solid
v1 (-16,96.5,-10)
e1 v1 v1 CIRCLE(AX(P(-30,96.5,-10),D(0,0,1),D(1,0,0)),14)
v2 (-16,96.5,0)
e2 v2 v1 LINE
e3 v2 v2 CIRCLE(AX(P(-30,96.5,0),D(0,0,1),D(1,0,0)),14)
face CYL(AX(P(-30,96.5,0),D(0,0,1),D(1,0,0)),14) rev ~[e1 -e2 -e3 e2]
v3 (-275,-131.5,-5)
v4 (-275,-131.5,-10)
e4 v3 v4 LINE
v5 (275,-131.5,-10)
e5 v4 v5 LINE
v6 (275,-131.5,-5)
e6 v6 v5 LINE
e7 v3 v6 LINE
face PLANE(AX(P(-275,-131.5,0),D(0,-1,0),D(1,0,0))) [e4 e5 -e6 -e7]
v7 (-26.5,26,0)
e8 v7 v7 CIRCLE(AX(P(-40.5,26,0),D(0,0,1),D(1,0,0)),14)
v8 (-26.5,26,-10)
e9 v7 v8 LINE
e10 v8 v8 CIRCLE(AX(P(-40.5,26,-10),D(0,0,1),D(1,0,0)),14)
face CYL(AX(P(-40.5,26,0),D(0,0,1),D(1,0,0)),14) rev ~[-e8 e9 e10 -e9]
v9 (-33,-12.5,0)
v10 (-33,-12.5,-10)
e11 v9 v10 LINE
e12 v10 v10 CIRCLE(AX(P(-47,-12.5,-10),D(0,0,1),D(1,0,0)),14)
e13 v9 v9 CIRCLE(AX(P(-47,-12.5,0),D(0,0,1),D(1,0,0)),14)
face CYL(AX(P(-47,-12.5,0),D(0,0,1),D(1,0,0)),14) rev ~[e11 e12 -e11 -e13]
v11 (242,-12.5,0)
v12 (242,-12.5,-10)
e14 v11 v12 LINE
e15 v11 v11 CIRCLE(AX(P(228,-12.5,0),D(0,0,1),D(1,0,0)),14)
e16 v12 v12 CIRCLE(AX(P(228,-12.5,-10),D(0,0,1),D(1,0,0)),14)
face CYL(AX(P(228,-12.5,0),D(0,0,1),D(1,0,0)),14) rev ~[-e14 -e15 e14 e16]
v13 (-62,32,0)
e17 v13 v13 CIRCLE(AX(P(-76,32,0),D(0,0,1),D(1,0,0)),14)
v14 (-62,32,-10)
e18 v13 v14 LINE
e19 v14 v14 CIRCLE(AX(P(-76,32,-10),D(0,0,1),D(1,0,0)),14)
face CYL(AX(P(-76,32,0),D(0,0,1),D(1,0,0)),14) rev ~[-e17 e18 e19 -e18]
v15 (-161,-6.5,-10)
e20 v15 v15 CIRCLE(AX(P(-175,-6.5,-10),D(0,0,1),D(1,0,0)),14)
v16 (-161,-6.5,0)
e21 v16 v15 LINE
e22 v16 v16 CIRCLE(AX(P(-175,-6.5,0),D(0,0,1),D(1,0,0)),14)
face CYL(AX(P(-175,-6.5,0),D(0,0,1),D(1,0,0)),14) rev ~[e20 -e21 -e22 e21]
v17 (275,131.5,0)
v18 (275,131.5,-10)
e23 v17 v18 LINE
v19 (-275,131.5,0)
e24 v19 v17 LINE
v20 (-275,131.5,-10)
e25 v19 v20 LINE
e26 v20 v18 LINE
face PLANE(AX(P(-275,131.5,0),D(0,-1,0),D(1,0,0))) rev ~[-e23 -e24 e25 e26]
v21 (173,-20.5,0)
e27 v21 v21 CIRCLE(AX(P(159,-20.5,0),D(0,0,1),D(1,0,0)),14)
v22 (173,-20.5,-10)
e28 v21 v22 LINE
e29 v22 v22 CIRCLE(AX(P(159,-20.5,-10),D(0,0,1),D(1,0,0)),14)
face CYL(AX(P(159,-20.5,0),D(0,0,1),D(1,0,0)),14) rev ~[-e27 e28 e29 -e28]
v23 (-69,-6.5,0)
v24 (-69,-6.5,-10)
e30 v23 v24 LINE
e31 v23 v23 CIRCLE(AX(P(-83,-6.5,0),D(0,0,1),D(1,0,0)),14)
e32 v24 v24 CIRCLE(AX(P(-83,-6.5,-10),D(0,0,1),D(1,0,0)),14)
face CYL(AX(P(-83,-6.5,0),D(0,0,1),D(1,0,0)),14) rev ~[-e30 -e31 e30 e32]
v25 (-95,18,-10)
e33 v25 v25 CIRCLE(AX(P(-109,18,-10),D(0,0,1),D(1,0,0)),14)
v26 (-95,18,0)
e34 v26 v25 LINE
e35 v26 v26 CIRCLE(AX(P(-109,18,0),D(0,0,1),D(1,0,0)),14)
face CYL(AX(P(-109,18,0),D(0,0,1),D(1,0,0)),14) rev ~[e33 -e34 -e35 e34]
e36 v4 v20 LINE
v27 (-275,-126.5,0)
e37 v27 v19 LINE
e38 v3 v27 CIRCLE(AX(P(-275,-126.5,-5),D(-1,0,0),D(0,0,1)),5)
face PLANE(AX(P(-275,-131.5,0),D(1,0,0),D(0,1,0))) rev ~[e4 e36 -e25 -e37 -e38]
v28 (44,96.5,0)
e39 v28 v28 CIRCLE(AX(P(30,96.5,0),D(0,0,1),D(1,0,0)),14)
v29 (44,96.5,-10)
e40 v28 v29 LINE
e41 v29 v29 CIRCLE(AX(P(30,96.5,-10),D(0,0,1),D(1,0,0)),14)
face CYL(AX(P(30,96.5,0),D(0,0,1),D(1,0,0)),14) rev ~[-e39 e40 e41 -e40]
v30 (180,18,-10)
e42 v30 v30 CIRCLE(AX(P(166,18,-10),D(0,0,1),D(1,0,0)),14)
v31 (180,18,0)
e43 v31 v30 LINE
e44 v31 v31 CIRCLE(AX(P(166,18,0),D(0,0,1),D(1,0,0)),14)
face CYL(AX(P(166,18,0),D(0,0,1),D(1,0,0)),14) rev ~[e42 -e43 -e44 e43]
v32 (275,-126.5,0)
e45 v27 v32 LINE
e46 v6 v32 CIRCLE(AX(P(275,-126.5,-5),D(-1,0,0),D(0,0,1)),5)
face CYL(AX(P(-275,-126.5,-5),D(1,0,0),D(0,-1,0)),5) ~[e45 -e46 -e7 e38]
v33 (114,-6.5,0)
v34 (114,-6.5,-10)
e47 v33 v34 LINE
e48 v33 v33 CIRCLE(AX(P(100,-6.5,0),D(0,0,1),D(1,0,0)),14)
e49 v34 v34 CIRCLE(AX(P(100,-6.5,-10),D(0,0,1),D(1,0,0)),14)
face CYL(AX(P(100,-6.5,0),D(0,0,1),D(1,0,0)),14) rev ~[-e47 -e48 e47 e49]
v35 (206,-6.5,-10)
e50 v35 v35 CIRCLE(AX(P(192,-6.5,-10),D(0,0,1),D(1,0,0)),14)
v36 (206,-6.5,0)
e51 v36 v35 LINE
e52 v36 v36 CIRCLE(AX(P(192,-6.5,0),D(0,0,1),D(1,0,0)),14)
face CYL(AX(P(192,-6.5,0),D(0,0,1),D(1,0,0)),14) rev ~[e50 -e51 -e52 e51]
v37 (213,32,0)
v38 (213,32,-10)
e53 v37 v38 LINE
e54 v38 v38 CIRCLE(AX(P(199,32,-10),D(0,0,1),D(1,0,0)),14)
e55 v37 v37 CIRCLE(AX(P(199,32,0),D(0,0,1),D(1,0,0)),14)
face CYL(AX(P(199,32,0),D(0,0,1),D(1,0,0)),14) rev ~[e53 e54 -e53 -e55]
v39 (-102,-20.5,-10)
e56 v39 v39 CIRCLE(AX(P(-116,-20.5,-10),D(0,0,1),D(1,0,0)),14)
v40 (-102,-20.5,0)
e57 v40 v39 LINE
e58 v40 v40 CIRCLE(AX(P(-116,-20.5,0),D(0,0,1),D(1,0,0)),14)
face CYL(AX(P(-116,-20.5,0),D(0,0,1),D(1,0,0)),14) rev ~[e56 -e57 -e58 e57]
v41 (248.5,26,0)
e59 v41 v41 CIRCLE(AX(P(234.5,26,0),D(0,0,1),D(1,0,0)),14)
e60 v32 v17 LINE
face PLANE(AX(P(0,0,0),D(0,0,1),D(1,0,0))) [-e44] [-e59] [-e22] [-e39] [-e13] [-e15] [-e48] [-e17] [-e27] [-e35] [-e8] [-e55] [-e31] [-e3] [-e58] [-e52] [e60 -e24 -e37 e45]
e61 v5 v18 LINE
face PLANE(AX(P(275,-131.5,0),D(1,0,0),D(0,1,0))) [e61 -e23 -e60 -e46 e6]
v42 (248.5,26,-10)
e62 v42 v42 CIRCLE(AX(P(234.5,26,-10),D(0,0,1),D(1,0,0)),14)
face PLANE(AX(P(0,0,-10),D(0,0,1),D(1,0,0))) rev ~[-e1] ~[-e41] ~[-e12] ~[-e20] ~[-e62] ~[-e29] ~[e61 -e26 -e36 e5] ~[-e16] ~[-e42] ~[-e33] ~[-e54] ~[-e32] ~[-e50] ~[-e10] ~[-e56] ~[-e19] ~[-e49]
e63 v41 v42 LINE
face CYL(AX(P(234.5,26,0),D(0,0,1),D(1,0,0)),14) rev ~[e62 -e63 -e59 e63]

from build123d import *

# Parameters (mm, degrees)
F0_W     = 550
F0_H     = 263
F0_R     = 14
F1_DEPTH = 10
F2_R     = 5


with BuildPart() as f1:
    # F0 (on Top) → F1 (new body)
    with BuildSketch(Plane.XY):
        Rectangle(F0_W, F0_H)
        with Locations((-175, -6.5)):
            Circle(F0_R, mode=Mode.SUBTRACT)
        with Locations((-116, -20.5)):
            Circle(F0_R, mode=Mode.SUBTRACT)
        with Locations((-83, -6.5)):
            Circle(F0_R, mode=Mode.SUBTRACT)
        with Locations((-47, -12.5)):
            Circle(F0_R, mode=Mode.SUBTRACT)
        with Locations((100, -6.5)):
            Circle(F0_R, mode=Mode.SUBTRACT)
        with Locations((159, -20.5)):
            Circle(F0_R, mode=Mode.SUBTRACT)
        with Locations((192, -6.5)):
            Circle(F0_R, mode=Mode.SUBTRACT)
        with Locations((228, -12.5)):
            Circle(F0_R, mode=Mode.SUBTRACT)
        with Locations((-109, 18)):
            Circle(F0_R, mode=Mode.SUBTRACT)
        with Locations((-76, 32)):
            Circle(F0_R, mode=Mode.SUBTRACT)
        with Locations((-40.5, 26)):
            Circle(F0_R, mode=Mode.SUBTRACT)
        with Locations((-30, 96.5)):
            Circle(F0_R, mode=Mode.SUBTRACT)
        with Locations((166, 18)):
            Circle(F0_R, mode=Mode.SUBTRACT)
        with Locations((199, 32)):
            Circle(F0_R, mode=Mode.SUBTRACT)
        with Locations((234.5, 26)):
            Circle(F0_R, mode=Mode.SUBTRACT)
        with Locations((30, 96.5)):
            Circle(F0_R, mode=Mode.SUBTRACT)
    extrude(amount=-F1_DEPTH)

    # F2
    f2_edges = [f1.edges().sort_by_distance(p)[0] for p in [
        (0, -131.5, 0),
    ]]
    fillet(f2_edges, radius=F2_R)


solid = f1.part
